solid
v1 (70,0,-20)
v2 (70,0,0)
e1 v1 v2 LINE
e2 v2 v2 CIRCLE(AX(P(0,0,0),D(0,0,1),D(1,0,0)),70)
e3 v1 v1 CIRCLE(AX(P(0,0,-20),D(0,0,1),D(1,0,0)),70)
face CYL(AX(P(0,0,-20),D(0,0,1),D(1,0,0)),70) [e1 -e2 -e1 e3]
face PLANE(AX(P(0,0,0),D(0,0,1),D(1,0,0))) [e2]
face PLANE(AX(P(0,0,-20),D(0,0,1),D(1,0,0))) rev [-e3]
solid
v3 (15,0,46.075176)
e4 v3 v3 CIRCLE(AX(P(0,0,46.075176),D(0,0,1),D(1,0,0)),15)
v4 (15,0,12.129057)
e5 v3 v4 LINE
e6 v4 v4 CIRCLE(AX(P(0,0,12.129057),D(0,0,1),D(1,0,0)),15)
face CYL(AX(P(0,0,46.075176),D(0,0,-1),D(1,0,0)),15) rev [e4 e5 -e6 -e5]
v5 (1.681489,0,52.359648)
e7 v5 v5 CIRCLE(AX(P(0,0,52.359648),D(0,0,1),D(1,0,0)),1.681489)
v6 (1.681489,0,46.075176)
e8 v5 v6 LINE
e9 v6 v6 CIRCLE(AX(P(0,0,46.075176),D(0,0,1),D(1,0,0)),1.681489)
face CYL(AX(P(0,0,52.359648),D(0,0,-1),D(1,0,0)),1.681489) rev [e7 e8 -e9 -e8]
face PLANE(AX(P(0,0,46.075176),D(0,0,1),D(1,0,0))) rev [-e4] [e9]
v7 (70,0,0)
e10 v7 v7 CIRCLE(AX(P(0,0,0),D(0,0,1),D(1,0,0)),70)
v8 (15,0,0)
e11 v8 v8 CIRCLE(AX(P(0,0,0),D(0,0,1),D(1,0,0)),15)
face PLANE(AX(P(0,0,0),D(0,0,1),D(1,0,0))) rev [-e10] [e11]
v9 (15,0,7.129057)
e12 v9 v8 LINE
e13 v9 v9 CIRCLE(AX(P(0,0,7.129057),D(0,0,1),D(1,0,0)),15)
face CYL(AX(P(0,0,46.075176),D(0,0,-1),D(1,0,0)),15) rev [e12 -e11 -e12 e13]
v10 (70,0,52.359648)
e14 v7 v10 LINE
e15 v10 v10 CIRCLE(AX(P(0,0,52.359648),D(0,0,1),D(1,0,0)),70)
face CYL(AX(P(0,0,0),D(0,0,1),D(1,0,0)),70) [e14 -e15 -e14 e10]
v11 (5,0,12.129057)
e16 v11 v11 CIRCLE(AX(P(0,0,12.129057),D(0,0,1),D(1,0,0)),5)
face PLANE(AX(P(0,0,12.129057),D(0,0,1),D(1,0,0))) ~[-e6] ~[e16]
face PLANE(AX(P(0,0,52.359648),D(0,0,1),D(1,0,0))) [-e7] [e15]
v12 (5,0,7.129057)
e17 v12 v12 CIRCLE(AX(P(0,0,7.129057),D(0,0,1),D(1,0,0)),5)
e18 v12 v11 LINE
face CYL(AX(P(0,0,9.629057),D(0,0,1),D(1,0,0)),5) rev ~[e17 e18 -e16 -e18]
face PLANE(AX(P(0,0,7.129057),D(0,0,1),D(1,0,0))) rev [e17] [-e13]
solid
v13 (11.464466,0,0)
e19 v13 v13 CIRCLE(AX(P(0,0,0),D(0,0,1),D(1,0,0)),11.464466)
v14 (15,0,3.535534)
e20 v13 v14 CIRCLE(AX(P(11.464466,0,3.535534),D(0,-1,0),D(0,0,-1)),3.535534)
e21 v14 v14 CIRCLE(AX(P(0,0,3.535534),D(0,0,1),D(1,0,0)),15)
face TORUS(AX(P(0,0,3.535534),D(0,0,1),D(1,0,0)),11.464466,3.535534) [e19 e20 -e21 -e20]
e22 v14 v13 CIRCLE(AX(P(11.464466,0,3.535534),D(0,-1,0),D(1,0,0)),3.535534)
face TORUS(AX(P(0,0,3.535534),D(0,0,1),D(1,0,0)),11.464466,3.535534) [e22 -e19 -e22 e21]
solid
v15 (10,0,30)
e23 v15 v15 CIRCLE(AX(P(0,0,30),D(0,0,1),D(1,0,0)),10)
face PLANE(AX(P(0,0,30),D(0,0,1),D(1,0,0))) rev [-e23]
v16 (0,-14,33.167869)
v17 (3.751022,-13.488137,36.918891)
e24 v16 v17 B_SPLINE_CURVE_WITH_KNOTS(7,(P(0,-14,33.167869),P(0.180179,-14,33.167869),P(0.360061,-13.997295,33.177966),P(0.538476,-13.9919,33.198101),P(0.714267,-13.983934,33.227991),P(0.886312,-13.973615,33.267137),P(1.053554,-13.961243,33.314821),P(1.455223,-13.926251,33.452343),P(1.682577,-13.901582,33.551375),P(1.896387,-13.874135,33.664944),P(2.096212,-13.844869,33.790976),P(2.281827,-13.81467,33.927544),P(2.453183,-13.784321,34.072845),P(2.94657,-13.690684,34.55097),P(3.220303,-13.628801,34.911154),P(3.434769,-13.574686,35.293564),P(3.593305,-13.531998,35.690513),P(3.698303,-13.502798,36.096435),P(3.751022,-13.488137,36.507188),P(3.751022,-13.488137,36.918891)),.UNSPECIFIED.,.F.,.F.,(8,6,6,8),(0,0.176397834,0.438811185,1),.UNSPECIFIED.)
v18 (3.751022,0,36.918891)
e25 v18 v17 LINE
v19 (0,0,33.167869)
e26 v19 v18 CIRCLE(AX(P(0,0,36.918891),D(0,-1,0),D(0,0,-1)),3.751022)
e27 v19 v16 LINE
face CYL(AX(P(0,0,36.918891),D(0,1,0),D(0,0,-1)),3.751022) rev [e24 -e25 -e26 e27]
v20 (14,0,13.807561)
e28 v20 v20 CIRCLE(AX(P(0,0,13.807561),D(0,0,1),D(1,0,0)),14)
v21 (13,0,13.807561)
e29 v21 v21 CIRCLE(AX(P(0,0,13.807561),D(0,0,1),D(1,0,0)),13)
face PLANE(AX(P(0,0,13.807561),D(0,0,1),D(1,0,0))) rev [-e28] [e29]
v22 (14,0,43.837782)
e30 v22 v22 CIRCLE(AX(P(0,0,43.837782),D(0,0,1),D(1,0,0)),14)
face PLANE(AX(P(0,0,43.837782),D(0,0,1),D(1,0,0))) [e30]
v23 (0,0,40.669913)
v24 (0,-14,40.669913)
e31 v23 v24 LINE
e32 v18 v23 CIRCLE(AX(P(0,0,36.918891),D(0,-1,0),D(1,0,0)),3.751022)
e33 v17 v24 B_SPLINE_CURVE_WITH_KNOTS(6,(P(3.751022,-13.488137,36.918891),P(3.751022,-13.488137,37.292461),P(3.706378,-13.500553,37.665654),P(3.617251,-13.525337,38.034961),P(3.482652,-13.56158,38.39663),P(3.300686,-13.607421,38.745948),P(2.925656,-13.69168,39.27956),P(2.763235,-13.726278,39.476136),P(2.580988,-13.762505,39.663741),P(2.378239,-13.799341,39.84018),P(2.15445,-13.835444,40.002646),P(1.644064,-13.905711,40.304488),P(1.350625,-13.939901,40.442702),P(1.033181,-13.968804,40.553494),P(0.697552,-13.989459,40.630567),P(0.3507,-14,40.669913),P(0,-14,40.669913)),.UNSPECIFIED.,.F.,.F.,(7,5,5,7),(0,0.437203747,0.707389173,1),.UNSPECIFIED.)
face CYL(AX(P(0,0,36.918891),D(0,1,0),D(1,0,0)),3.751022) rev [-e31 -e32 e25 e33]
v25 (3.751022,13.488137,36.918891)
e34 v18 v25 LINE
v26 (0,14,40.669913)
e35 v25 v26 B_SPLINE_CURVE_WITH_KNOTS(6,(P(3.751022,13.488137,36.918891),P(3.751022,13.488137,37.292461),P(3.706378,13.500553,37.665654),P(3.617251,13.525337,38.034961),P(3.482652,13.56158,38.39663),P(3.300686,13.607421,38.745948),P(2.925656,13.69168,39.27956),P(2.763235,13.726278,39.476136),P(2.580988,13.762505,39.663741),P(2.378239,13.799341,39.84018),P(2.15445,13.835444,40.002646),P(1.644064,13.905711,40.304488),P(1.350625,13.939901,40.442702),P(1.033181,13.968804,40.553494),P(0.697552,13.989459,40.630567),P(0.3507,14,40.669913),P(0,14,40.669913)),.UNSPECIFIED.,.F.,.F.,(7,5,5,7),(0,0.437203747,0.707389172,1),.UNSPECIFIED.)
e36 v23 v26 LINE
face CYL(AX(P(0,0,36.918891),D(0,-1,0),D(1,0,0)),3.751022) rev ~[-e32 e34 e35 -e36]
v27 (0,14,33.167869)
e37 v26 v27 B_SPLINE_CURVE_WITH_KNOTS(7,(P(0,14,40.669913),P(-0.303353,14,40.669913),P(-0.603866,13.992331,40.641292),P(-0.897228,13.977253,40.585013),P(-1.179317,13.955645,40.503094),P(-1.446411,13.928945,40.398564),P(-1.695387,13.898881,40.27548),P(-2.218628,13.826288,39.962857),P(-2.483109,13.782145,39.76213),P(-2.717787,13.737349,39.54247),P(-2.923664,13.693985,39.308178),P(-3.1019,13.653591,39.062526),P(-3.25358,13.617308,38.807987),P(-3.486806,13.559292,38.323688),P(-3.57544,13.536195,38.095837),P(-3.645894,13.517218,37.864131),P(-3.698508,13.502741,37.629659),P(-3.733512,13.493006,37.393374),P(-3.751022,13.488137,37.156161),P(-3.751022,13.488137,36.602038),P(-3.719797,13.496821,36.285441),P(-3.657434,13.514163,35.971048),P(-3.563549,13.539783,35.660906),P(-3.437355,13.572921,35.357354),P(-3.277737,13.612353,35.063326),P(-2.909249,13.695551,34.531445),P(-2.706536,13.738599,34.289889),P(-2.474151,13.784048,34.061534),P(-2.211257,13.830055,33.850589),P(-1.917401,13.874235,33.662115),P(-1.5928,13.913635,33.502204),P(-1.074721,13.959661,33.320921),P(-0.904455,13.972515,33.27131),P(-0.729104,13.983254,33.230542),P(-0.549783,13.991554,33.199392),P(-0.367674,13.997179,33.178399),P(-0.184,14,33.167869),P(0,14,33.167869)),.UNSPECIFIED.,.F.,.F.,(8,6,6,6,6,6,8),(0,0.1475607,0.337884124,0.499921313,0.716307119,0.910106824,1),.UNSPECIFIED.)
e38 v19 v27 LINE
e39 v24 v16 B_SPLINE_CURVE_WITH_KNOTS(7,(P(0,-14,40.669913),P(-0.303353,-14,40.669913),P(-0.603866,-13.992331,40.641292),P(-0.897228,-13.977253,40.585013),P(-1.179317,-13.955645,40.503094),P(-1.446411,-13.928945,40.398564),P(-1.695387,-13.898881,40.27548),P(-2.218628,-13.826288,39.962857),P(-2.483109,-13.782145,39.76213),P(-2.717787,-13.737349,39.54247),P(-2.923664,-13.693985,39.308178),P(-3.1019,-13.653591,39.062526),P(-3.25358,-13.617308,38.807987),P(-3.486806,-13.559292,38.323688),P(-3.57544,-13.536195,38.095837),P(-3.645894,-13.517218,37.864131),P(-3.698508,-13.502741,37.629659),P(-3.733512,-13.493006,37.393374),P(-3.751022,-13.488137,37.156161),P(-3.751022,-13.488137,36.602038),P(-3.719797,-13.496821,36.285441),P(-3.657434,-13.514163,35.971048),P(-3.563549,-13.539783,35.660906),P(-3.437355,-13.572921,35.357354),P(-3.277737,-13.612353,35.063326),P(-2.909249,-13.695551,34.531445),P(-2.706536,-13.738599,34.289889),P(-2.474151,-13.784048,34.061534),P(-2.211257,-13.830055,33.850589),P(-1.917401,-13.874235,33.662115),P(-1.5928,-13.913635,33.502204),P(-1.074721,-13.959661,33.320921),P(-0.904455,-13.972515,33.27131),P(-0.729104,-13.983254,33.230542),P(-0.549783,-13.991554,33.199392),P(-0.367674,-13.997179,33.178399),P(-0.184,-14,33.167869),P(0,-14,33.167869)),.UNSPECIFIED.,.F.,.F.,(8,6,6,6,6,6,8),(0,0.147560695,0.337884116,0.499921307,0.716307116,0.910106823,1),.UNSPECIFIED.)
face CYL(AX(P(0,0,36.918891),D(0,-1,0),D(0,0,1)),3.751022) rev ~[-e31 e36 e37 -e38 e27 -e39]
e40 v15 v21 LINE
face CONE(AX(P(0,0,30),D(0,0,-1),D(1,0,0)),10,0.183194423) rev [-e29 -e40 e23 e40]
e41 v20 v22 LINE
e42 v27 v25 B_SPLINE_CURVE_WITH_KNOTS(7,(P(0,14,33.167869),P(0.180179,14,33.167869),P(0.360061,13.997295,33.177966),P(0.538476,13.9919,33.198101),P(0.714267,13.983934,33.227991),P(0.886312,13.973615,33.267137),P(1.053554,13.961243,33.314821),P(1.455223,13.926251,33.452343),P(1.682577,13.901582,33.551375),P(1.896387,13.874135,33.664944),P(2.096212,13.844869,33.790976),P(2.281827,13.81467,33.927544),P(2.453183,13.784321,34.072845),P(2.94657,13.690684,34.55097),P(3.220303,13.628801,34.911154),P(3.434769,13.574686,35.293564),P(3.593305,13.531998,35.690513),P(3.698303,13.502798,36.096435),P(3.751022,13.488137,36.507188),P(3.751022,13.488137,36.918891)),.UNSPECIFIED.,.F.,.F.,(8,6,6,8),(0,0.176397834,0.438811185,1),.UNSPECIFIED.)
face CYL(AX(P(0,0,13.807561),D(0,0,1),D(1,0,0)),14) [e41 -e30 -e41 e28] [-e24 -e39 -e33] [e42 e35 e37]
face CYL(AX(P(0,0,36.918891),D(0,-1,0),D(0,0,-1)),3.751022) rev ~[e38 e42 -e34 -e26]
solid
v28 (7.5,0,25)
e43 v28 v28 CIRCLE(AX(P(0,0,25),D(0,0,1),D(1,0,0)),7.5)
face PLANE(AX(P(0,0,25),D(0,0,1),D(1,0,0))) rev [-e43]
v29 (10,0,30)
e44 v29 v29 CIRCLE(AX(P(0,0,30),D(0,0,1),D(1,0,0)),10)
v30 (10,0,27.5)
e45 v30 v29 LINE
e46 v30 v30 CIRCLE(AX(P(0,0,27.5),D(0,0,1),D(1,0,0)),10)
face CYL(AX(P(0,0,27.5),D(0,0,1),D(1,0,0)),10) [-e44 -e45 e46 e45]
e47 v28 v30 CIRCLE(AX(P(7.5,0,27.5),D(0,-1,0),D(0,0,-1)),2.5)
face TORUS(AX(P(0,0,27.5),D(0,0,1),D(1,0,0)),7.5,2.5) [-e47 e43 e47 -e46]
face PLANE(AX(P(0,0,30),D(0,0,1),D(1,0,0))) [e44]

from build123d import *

# Parameters (mm, degrees)
F2_DEPTH = 14
F0_W     = 10
F0_H     = 5


with BuildPart() as f1:
    # F0 (on Front) → F1 (revolve)
    with BuildSketch(Plane.XZ):
        with BuildLine():
            Line((0, 40.6699131573), (0, 33.1678688383))
            ThreePointArc((0, 33.1678688383), (2.6523732054, 34.2665177924), (3.7510221595, 36.9188909978))
            ThreePointArc((3.7510221595, 36.9188909978), (2.6523732054, 39.5712642031), (0, 40.6699131573))
        make_face()
        with BuildLine():
            Line((0, 33.1678688383), (0, 30))
            Line((0, 30), (10, 30))
            Line((10, 30), (13, 13.8075612485))
            Line((13, 13.8075612485), (14, 13.8075612485))
            Line((14, 13.8075612485), (14, 43.8377819955))
            Line((14, 43.8377819955), (0, 43.8377819955))
            Line((0, 43.8377819955), (0, 40.6699131573))
            ThreePointArc((0, 40.6699131573), (2.6523732054, 39.5712642031), (3.7510221595, 36.9188909978))
            ThreePointArc((3.7510221595, 36.9188909978), (2.6523732054, 34.2665177924), (0, 33.1678688383))
        make_face()
    revolve(axis=Axis((0, 0, 15), (0, 0, 1)))

    # F0 (on Front) → F2 (cut, symmetric)
    with BuildSketch(Plane.XZ):
        with BuildLine():
            ThreePointArc((0, 40.6699131573), (-3.7510221595, 36.9188909978), (0, 33.1678688383))
            Line((0, 33.1678688383), (0, 40.6699131573))
        make_face()
        with BuildLine():
            Line((0, 40.6699131573), (0, 33.1678688383))
            ThreePointArc((0, 33.1678688383), (2.6523732054, 34.2665177924), (3.7510221595, 36.9188909978))
            ThreePointArc((3.7510221595, 36.9188909978), (2.6523732054, 39.5712642031), (0, 40.6699131573))
        make_face()
    extrude(amount=F2_DEPTH, both=True, mode=Mode.SUBTRACT)


with BuildPart() as f3:
    # F0 (on Front) → F3 (revolve)
    with BuildSketch(Plane.XZ):
        with BuildLine():
            ThreePointArc((11.4644660941, 0), (13.9644660941, 1.0355339059), (15, 3.5355339059))
            ThreePointArc((15, 3.5355339059), (8.9644660941, 6.0355339059), (11.4644660941, 0))
        make_face()
    revolve(axis=Axis((0, 0, 15), (0, 0, 1)))


with BuildPart() as f4:
    # F0 (on Front) → F4 (revolve)
    with BuildSketch(Plane.XZ):
        with BuildLine():
            Line((10, 30), (0, 30))
            Line((0, 30), (0, 25))
            Line((0, 25), (7.5, 25))
            ThreePointArc((7.5, 25), (9.267766953, 25.732233047), (10, 27.5))
            Line((10, 27.5), (10, 30))
        make_face()
    revolve(axis=Axis((0, 0, 15), (0, 0, 1)))


with BuildPart() as f5:
    # F0 (on Front) → F5 (revolve)
    with BuildSketch(Plane.XZ):
        Polygon((15, 7.1290568449), (15, 3.5355339059), (15, 0), (70, 0), (70, 52.3596480489), (1.6814888222, 52.3596480489), (1.6814888222, 46.0751764476), (15, 46.0751764476), (15, 12.1290568449), align=None)
        with Locations((10, 9.6290568449)):
            Rectangle(F0_W, F0_H)
    revolve(axis=Axis((0, 0, 15), (0, 0, 1)))


with BuildPart() as f6:
    # F0 (on Front) → F6 (revolve)
    with BuildSketch(Plane.XZ):
        Polygon((15, 0), (11.4644660941, 0), (0, 0), (0, -20), (70, -20), (70, 0), align=None)
    revolve(axis=Axis((0, 0, 15), (0, 0, 1)))


solid = Compound([f1.part, f3.part, f4.part, f5.part, f6.part])
